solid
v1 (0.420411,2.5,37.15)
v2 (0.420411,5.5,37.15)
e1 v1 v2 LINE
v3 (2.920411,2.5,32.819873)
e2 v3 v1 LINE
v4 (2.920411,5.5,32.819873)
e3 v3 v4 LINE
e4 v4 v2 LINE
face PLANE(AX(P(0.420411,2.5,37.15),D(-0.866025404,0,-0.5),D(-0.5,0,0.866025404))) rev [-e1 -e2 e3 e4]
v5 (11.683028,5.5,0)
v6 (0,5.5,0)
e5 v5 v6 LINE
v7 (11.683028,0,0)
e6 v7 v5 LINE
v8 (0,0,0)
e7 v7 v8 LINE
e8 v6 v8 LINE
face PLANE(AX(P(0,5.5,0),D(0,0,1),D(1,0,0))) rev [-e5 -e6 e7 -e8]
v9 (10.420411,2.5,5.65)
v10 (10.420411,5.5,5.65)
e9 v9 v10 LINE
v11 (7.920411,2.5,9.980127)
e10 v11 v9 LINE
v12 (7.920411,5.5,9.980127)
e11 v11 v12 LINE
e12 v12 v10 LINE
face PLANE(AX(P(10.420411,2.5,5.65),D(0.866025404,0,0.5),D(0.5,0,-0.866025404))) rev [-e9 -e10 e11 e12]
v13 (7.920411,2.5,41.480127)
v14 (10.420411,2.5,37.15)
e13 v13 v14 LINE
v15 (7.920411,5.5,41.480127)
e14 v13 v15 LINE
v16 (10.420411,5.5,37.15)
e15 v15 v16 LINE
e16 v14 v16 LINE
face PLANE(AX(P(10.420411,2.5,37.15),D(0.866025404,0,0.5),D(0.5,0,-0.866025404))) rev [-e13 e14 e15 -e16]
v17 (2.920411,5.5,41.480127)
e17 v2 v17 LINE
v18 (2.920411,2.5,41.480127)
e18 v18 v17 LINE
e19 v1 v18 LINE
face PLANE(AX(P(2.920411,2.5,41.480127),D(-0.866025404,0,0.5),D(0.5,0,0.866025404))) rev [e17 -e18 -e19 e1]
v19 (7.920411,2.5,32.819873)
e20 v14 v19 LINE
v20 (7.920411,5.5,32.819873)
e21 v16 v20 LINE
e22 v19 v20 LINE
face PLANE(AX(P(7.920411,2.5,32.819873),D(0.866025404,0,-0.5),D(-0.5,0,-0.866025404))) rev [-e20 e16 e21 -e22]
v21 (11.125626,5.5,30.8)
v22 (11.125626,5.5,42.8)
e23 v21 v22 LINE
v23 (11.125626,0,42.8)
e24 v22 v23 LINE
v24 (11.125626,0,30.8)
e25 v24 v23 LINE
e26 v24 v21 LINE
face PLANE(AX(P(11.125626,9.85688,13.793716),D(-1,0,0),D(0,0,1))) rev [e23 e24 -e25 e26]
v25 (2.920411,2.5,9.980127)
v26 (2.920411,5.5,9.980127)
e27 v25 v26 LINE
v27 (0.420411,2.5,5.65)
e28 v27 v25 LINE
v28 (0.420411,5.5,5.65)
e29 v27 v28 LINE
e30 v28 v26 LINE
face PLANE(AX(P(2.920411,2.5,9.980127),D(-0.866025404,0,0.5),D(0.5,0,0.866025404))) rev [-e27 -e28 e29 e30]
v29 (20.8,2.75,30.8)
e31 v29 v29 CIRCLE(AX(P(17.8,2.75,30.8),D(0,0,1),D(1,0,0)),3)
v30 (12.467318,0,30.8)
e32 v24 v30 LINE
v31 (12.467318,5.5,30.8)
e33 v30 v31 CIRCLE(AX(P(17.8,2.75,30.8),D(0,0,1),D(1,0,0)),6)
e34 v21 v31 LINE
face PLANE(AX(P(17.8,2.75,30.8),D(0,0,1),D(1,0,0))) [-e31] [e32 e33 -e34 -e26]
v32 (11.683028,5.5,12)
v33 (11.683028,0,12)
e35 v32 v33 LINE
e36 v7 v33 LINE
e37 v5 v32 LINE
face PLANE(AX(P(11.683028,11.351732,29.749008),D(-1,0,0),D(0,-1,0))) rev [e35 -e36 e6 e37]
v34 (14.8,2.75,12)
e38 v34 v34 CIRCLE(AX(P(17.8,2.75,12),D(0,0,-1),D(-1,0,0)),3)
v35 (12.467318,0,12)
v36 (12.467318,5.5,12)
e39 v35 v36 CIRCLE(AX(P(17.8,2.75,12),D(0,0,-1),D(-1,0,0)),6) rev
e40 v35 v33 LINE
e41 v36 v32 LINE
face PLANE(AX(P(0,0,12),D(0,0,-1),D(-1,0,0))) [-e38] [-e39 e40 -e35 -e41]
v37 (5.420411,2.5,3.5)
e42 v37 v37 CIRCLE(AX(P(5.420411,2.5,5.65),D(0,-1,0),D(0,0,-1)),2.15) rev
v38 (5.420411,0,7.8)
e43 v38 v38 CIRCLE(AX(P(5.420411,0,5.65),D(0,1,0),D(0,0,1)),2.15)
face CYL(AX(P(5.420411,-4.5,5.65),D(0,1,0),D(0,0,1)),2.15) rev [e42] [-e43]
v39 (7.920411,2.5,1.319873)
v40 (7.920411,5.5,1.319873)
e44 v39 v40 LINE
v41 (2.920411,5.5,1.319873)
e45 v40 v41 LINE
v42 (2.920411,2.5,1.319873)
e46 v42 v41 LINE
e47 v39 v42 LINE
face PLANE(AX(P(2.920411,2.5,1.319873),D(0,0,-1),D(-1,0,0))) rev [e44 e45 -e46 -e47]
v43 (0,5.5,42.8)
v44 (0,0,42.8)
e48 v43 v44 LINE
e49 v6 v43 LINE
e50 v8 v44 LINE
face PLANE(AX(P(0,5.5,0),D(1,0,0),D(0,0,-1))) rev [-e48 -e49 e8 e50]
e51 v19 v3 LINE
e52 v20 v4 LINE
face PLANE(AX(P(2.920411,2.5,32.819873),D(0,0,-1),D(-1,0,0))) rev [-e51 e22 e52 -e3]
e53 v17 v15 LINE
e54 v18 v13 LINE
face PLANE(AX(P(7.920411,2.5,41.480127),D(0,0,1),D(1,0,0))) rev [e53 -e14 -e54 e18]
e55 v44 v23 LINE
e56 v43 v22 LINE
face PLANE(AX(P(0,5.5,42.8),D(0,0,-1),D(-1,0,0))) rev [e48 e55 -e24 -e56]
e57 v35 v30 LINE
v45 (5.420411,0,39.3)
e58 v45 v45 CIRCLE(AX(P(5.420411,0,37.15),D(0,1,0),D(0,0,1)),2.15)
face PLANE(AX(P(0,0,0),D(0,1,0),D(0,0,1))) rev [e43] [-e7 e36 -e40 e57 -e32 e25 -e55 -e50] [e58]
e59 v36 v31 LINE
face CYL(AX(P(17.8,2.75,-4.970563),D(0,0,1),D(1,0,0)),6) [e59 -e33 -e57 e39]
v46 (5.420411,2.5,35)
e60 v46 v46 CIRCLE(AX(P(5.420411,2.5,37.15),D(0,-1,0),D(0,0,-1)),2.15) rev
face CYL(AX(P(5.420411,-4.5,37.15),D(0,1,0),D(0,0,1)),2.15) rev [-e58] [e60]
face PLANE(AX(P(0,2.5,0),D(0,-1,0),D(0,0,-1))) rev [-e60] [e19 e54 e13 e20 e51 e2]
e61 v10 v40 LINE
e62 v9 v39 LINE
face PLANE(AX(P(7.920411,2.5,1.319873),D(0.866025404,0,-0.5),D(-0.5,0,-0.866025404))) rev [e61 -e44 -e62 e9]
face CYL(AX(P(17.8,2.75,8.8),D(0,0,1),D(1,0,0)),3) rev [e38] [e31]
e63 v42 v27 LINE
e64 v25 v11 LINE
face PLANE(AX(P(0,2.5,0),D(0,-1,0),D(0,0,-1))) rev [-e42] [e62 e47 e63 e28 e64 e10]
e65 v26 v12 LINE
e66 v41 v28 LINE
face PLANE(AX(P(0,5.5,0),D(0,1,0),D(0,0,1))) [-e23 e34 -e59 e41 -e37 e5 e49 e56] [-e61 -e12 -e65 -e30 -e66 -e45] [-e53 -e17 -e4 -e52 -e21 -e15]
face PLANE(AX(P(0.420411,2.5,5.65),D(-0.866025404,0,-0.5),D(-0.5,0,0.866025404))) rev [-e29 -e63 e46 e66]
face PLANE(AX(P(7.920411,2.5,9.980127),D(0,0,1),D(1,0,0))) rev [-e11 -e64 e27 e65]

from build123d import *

# Parameters (mm, degrees)
SKETCH_1_W          = 17.8
SKETCH_1_H          = 42.8
EXTRUDE_1_DEPTH     = 5.5
SKETCH_6_R          = 2.15
CUT_EXTRUDE_3_DEPTH = 10
CUT_EXTRUDE_4_DEPTH = 3
SKETCH_10_R         = 6
EXTRUDE_5_DEPTH     = 18.8
SKETCH_12_W         = 9.298485121
SKETCH_12_H         = 14.239097106
CUT_EXTRUDE_5_DEPTH = 12
SKETCH_13_W         = 8.310362724
SKETCH_13_H         = 15.683275995
CUT_EXTRUDE_6_DEPTH = 12
SKETCH_14_R         = 3
CUT_EXTRUDE_7_DEPTH = 22


with BuildPart() as part:
    # 草图1 → 凸台-拉伸1 (new body)
    with BuildSketch(Plane(origin=(0, 0, 0), x_dir=(1, 0, 0), z_dir=(0, 1, 0))):
        with Locations((8.9, -21.4)):
            Rectangle(SKETCH_1_W, SKETCH_1_H)
    extrude(amount=EXTRUDE_1_DEPTH)

    # 草图6 → 切除-拉伸3 (cut)
    with BuildSketch(Plane(origin=(0, 5.5, 0), x_dir=(1, 0, 0), z_dir=(0, 1, 0))):
        with Locations(Location((5.420411498, -5.65, 0), (0, 0, 270))):
            Circle(SKETCH_6_R)
        with Locations(Location((5.420411498, -37.15, 0), (0, 0, 270))):
            Circle(SKETCH_6_R)
    extrude(amount=-CUT_EXTRUDE_3_DEPTH, mode=Mode.SUBTRACT)

    # 草图7 → 切除-拉伸4 (cut)
    with BuildSketch(Plane(origin=(0, 5.5, 0), x_dir=(1, 0, 0), z_dir=(0, 1, 0))):
        Polygon((2.920411498, -1.319872981), (7.920411498, -1.319872981), (10.420411498, -5.65), (7.920411498, -9.980127019), (2.920411498, -9.980127019), (0.420411498, -5.65), align=None)
        Polygon((0.420411498, -37.15), (2.920411498, -32.819872981), (7.920411498, -32.819872981), (10.420411498, -37.15), (7.920411498, -41.480127019), (2.920411498, -41.480127019), align=None)
    extrude(amount=-CUT_EXTRUDE_4_DEPTH, mode=Mode.SUBTRACT)

    # 草图10 → 凸台-拉伸5 (add)
    with BuildSketch(Plane.XY.offset(30.8)):
        with Locations((17.8, 2.75)):
            Circle(SKETCH_10_R)
    extrude(amount=-EXTRUDE_5_DEPTH)

    # 草图12 → 切除-拉伸5 (cut)
    with BuildSketch(Plane.XY.offset(42.8)):
        with Locations((15.774868429, 2.737331764)):
            Rectangle(SKETCH_12_W, SKETCH_12_H)
    extrude(amount=-CUT_EXTRUDE_5_DEPTH, mode=Mode.SUBTRACT)

    # 草图13 → 切除-拉伸6 (cut)
    with BuildSketch(Plane(origin=(0, 0, 0), x_dir=(-1, 0, 0), z_dir=(0, 0, -1))):
        with Locations((-15.838209607, 3.510094151)):
            Rectangle(SKETCH_13_W, SKETCH_13_H)
    extrude(amount=-CUT_EXTRUDE_6_DEPTH, mode=Mode.SUBTRACT)

    # 草图14 → 切除-拉伸7 (cut)
    with BuildSketch(Plane.XY.offset(30.8)):
        with Locations((17.8, 2.75)):
            Circle(SKETCH_14_R)
    extrude(amount=-CUT_EXTRUDE_7_DEPTH, mode=Mode.SUBTRACT)


solid = part.part
